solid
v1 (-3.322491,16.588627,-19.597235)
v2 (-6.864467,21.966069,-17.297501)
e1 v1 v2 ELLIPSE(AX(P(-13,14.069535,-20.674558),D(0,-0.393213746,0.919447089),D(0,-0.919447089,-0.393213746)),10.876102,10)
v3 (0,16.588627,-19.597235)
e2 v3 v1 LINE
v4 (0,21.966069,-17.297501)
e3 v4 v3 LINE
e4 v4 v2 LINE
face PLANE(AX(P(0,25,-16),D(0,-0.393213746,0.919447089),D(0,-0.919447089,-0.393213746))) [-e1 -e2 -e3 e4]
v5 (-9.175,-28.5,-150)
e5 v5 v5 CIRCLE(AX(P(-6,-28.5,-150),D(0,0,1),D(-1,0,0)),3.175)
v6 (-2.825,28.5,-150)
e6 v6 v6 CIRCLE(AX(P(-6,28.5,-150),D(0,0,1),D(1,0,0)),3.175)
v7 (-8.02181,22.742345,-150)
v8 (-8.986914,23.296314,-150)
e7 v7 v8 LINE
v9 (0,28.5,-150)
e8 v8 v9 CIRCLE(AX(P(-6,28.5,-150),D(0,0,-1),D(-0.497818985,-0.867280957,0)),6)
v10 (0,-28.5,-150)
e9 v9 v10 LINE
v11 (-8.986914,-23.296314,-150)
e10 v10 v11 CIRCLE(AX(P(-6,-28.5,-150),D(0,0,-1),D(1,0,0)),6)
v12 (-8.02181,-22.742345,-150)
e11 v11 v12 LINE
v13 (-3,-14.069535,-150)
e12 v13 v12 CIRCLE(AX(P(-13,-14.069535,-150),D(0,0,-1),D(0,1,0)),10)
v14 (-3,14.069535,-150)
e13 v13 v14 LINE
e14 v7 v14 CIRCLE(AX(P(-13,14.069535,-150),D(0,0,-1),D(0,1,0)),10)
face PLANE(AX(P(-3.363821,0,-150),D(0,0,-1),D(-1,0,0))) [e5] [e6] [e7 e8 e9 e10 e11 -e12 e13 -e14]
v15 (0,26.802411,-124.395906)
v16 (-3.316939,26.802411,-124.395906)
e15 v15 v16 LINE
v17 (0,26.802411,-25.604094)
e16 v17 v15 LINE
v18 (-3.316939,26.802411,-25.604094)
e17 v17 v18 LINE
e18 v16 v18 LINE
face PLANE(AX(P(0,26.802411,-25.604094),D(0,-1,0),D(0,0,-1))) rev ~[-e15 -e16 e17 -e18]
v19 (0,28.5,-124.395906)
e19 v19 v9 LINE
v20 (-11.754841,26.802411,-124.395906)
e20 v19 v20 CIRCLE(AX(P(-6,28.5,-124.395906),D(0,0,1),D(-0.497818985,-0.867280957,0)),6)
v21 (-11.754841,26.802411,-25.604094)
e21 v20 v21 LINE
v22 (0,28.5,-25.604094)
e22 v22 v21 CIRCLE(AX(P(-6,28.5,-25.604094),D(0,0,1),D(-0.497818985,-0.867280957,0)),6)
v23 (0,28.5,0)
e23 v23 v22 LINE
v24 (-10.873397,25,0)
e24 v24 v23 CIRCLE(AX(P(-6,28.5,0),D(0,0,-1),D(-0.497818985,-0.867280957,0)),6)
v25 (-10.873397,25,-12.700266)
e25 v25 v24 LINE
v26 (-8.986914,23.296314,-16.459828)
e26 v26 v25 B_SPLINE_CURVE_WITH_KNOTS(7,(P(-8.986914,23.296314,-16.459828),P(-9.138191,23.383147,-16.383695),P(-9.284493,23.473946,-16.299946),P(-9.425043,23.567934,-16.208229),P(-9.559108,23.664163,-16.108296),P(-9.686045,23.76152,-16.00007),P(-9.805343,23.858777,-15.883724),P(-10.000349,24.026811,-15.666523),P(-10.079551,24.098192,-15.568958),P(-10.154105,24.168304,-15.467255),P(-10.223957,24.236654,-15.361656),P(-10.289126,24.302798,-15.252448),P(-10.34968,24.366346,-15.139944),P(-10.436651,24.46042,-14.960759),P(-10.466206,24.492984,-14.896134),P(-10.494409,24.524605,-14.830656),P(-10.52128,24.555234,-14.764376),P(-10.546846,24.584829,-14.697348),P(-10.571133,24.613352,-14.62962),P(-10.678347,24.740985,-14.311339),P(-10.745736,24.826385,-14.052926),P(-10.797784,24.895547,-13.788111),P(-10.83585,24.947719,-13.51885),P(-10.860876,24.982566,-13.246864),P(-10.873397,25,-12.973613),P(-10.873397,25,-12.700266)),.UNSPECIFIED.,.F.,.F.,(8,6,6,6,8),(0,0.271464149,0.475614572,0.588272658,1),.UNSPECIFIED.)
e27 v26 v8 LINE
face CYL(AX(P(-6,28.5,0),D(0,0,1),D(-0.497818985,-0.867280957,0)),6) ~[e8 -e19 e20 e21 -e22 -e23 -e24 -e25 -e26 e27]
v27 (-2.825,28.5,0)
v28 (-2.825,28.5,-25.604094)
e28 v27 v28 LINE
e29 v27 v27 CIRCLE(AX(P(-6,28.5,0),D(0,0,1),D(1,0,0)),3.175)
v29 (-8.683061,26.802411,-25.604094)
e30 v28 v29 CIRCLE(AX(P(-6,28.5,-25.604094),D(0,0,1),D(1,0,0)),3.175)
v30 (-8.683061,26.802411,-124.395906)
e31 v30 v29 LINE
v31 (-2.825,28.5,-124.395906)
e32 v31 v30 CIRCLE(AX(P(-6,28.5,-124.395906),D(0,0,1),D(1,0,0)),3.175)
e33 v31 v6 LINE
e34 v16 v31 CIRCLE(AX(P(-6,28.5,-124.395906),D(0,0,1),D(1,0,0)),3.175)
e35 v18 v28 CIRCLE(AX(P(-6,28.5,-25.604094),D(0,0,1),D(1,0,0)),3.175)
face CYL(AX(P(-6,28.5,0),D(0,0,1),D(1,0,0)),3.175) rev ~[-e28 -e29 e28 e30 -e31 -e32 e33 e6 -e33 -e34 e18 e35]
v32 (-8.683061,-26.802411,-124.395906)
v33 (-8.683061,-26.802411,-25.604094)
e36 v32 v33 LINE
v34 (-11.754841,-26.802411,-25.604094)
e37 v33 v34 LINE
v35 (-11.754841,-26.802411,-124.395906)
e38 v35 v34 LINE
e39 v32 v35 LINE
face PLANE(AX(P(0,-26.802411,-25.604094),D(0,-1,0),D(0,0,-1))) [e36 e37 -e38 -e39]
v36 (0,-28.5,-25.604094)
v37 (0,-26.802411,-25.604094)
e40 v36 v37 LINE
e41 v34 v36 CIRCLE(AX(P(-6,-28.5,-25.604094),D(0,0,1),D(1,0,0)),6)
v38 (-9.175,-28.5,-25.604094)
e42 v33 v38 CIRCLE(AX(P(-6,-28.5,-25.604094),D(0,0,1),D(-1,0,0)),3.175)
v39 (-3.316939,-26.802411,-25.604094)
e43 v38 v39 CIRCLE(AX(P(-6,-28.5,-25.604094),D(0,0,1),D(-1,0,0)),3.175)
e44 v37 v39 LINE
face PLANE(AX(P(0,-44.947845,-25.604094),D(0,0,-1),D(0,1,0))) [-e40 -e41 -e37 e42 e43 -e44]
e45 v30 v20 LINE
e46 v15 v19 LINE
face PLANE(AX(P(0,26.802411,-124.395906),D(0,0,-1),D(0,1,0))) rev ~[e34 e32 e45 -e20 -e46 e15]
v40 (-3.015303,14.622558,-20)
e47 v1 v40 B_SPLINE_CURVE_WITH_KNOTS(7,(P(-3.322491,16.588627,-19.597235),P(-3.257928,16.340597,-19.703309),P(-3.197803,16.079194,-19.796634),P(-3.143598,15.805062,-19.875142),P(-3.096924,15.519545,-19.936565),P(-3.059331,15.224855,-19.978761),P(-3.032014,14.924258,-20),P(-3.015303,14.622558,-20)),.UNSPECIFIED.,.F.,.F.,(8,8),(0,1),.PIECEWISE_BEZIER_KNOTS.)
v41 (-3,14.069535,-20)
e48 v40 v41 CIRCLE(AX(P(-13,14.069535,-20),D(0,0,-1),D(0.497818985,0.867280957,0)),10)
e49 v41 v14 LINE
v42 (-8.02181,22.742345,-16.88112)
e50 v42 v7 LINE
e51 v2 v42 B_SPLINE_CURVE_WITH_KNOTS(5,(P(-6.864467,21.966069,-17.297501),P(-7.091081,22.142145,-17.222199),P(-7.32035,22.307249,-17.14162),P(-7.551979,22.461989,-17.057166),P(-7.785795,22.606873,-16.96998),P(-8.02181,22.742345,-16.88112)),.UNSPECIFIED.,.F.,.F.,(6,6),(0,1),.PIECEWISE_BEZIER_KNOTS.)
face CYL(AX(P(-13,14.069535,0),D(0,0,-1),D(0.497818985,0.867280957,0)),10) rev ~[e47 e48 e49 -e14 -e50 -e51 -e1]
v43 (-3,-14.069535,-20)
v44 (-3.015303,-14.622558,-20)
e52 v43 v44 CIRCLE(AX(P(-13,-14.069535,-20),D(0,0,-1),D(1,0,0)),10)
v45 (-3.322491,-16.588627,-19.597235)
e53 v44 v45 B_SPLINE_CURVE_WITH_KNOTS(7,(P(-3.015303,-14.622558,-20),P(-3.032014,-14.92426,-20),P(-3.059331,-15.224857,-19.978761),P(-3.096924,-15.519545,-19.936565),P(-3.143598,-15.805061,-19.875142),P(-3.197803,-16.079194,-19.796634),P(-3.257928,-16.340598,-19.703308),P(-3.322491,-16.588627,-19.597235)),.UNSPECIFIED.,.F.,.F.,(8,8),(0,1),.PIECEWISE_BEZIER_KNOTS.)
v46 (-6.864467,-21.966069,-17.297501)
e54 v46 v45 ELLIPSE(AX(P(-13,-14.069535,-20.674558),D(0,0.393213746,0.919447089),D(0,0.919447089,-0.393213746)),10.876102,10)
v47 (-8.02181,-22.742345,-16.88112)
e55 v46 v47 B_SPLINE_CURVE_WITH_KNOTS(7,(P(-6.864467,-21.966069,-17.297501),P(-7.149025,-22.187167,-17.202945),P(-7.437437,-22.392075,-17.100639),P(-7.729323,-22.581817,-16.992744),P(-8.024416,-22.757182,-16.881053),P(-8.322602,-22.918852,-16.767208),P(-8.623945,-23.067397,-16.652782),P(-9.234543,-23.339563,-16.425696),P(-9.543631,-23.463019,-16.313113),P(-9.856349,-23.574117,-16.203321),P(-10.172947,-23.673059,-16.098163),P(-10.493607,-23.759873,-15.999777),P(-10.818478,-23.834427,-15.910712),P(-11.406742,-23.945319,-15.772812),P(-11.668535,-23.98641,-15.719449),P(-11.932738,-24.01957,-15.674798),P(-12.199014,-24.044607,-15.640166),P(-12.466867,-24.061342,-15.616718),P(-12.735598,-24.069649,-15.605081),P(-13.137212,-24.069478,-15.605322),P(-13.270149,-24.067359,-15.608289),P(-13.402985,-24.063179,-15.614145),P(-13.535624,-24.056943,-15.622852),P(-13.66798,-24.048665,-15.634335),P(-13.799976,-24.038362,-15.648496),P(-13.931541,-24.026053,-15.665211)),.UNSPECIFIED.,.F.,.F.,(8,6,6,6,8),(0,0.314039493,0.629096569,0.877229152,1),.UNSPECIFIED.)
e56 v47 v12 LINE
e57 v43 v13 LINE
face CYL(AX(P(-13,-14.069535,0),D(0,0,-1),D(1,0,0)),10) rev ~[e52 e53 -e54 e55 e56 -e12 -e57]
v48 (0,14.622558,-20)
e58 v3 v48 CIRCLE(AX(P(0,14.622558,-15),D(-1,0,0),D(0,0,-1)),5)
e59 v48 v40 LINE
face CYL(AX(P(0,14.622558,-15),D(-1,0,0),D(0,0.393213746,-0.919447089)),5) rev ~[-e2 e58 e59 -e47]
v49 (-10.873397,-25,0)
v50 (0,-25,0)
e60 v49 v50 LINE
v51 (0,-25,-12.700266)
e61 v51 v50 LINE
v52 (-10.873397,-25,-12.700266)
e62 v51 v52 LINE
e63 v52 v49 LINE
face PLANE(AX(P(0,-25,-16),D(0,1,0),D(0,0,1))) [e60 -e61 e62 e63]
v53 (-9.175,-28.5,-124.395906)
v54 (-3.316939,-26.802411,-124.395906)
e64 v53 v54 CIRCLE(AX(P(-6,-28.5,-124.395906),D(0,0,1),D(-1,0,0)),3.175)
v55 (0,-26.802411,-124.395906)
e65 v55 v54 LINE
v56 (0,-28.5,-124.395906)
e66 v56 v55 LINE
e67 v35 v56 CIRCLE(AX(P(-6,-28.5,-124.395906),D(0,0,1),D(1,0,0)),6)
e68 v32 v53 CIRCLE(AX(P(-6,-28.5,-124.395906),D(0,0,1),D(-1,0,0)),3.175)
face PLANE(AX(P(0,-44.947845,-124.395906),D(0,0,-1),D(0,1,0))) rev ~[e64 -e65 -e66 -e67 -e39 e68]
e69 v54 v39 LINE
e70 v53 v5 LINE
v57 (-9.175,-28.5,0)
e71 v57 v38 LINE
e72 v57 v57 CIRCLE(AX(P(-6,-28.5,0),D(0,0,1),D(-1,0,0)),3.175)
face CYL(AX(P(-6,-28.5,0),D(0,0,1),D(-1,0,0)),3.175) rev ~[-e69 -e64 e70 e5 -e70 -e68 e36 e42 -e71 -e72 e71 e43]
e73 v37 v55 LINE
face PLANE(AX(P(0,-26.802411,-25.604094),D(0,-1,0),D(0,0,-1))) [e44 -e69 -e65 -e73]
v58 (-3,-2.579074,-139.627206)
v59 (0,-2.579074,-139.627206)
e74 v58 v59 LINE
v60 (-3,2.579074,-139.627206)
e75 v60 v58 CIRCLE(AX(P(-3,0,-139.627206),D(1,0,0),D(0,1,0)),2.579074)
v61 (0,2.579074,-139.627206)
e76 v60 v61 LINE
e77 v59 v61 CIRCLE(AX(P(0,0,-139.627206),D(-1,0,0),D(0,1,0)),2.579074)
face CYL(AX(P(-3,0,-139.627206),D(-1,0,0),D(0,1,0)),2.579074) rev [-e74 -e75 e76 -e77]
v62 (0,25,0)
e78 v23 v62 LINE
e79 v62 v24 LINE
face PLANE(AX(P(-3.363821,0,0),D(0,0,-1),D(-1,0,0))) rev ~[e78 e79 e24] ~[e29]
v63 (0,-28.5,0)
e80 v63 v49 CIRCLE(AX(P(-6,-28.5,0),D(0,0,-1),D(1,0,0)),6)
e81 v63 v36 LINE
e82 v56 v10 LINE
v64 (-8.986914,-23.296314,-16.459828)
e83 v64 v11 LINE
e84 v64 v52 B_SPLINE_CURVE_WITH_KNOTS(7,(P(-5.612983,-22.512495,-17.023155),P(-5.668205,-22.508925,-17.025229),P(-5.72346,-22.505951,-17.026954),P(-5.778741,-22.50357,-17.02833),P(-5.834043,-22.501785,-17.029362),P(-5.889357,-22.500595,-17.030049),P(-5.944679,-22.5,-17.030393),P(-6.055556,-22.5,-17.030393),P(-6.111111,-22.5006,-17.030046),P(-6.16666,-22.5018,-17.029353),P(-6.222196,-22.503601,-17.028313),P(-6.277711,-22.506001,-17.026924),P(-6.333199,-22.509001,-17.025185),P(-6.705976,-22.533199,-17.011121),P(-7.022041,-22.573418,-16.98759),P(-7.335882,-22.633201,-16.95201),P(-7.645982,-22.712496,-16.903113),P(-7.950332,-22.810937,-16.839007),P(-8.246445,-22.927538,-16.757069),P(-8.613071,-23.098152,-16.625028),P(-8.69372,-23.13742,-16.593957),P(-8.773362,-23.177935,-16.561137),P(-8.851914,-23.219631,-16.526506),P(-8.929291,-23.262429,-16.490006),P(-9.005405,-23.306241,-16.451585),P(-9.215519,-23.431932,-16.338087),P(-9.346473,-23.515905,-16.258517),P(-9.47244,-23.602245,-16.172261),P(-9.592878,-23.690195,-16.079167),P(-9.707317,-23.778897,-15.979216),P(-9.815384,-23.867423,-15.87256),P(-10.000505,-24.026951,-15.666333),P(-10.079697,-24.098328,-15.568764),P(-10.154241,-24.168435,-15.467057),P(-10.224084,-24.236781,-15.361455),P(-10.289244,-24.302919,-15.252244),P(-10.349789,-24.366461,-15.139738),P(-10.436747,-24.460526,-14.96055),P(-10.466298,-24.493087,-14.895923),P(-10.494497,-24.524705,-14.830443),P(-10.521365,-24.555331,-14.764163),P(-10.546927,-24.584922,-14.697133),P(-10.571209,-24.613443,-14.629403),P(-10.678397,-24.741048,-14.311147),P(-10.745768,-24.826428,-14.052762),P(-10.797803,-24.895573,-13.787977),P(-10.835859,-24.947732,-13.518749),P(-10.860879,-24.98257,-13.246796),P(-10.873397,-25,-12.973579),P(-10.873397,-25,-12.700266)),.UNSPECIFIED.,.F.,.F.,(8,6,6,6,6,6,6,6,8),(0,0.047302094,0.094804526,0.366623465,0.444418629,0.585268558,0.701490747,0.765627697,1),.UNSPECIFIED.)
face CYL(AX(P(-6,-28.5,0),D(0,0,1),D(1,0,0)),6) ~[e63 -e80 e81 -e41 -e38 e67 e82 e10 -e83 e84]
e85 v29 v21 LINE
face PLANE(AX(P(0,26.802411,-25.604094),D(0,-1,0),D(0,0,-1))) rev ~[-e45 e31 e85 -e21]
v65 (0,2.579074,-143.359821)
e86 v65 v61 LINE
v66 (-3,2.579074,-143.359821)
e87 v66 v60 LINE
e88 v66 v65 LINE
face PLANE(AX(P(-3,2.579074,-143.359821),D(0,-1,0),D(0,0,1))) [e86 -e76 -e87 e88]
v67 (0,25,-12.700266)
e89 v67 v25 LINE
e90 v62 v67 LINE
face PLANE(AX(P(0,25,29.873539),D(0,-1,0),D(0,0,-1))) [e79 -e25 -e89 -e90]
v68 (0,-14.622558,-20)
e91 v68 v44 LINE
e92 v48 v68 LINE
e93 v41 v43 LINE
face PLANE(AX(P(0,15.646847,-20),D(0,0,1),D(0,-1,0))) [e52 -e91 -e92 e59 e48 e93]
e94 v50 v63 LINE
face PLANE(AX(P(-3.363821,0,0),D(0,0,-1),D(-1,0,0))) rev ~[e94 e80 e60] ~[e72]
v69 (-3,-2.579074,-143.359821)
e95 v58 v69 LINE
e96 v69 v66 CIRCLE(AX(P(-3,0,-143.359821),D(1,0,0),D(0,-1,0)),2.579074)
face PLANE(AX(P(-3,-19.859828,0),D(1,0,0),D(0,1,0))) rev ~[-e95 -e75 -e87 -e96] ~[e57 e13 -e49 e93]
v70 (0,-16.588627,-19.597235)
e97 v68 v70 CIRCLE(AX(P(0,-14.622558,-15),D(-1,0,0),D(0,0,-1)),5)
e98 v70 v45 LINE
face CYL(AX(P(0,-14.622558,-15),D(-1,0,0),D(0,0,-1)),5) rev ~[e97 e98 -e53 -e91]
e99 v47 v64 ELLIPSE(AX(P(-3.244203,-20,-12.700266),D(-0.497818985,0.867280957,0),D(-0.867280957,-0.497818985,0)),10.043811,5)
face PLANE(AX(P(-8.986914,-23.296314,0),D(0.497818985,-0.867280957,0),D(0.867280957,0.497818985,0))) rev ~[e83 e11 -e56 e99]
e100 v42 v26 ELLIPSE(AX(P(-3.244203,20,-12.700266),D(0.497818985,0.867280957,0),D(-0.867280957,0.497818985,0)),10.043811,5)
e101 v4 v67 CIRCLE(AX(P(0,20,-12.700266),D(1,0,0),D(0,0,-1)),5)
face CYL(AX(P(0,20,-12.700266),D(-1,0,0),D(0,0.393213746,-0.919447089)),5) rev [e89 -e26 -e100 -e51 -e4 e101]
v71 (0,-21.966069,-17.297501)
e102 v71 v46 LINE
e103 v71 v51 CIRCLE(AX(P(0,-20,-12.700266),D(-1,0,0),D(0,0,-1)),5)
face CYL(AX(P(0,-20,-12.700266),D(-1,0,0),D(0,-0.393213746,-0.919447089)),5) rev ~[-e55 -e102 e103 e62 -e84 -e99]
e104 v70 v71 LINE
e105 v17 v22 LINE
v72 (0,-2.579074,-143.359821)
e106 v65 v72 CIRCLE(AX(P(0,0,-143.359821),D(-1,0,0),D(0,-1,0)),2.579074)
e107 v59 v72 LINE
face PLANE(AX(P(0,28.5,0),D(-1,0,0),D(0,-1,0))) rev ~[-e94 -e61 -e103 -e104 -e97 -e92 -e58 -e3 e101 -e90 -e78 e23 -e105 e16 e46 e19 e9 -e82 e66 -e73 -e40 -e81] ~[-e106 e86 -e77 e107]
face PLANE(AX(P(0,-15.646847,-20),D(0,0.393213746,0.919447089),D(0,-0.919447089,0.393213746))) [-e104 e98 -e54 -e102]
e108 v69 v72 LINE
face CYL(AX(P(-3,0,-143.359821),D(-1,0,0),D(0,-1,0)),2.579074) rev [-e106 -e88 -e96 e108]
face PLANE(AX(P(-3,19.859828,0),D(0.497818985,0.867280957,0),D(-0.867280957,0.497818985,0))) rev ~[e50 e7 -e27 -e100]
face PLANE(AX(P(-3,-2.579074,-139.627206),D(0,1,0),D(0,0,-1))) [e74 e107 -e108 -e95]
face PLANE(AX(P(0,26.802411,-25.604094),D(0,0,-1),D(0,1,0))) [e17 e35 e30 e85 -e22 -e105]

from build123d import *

# Parameters (mm, degrees)
CROQUIS1_R              = 3.175
SALIENTE_EXTRUIR1_DEPTH = 150
REDONDEO1_R             = 10
CORTAR_EXTRUIR1_DEPTH   = 155.383451186
REDONDEO2_R             = 5
CROQUIS3_W              = 98.791812306
CROQUIS3_H              = 18.145434914
CORTAR_EXTRUIR2_DEPTH   = 155.383451313
CORTAR_EXTRUIR3_DEPTH   = 155.179278889


with BuildPart() as part:
    # Croquis1 → Saliente-Extruir1 (new body)
    with BuildSketch(Plane.XY):
        with BuildLine():
            Line((-3, 19.859827637), (-8.98691391, 23.296314259))
            ThreePointArc((-8.98691391, 23.296314259), (-9.006535925, 33.69237342), (0, 28.5))
            Line((0, 28.5), (0, -28.5))
            ThreePointArc((0, -28.5), (-9.006535925, -33.69237342), (-8.98691391, -23.296314259))
            Line((-8.98691391, -23.296314259), (-3, -19.859827637))
            Line((-3, -19.859827637), (-3, 19.859827637))
        make_face()
        with Locations((-6, 28.5)):
            Circle(CROQUIS1_R, mode=Mode.SUBTRACT)
        with Locations(Location((-6, -28.5, 0), (0, 0, 180))):
            Circle(CROQUIS1_R, mode=Mode.SUBTRACT)
    extrude(amount=-SALIENTE_EXTRUIR1_DEPTH)

    # Redondeo1
    redondeo1_edges = [part.edges().sort_by_distance(p)[0] for p in [
        (-3, -19.859827637, -75),
        (-3, 19.859827637, -75),
    ]]
    fillet(redondeo1_edges, radius=REDONDEO1_R)

    # Croquis2 → Cortar-Extruir1 (cut, through all)
    with BuildSketch(Plane(origin=(0, 0, 0), x_dir=(0, 0, -1), z_dir=(1, 0, 0))):
        Polygon((16, 25), (20, 15.646846929), (20, -15.646846929), (16, -25), (-29.873538988, -25), (-29.873538988, 25), align=None)
    extrude(amount=-CORTAR_EXTRUIR1_DEPTH, mode=Mode.SUBTRACT)

    # Redondeo2
    redondeo2_edges = [part.edges().sort_by_distance(p)[0] for p in [
        (-1.562589533, 15.646846929, -20),
        (-1.562589533, -15.646846929, -20),
        (-5.436698586, -25, -16),
        (-5.436698586, 25, -16),
    ]]
    fillet(redondeo2_edges, radius=REDONDEO2_R)

    # Croquis3 → Cortar-Extruir2 (cut, through all)
    with BuildSketch(Plane(origin=(0, 0, 0), x_dir=(0, 0, -1), z_dir=(1, 0, 0))):
        with Locations((75, 35.875128035)):
            Rectangle(CROQUIS3_W, CROQUIS3_H)
        with Locations((75, -35.875128035)):
            Rectangle(CROQUIS3_W, CROQUIS3_H)
    extrude(amount=-CORTAR_EXTRUIR2_DEPTH, mode=Mode.SUBTRACT)

    # Croquis4 → Cortar-Extruir3 (cut, through all)
    with BuildSketch(Plane.ZY.offset(3)):
        with BuildLine():
            Line((-143.359821197, 2.579074159), (-139.627206237, 2.579074159))
            ThreePointArc((-139.627206237, 2.579074159), (-137.048132079, 0), (-139.627206237, -2.579074159))
            Line((-139.627206237, -2.579074159), (-143.359821197, -2.579074159))
            ThreePointArc((-143.359821197, -2.579074159), (-145.938895356, 0), (-143.359821197, 2.579074159))
        make_face()
    extrude(amount=-CORTAR_EXTRUIR3_DEPTH, mode=Mode.SUBTRACT)


solid = part.part
